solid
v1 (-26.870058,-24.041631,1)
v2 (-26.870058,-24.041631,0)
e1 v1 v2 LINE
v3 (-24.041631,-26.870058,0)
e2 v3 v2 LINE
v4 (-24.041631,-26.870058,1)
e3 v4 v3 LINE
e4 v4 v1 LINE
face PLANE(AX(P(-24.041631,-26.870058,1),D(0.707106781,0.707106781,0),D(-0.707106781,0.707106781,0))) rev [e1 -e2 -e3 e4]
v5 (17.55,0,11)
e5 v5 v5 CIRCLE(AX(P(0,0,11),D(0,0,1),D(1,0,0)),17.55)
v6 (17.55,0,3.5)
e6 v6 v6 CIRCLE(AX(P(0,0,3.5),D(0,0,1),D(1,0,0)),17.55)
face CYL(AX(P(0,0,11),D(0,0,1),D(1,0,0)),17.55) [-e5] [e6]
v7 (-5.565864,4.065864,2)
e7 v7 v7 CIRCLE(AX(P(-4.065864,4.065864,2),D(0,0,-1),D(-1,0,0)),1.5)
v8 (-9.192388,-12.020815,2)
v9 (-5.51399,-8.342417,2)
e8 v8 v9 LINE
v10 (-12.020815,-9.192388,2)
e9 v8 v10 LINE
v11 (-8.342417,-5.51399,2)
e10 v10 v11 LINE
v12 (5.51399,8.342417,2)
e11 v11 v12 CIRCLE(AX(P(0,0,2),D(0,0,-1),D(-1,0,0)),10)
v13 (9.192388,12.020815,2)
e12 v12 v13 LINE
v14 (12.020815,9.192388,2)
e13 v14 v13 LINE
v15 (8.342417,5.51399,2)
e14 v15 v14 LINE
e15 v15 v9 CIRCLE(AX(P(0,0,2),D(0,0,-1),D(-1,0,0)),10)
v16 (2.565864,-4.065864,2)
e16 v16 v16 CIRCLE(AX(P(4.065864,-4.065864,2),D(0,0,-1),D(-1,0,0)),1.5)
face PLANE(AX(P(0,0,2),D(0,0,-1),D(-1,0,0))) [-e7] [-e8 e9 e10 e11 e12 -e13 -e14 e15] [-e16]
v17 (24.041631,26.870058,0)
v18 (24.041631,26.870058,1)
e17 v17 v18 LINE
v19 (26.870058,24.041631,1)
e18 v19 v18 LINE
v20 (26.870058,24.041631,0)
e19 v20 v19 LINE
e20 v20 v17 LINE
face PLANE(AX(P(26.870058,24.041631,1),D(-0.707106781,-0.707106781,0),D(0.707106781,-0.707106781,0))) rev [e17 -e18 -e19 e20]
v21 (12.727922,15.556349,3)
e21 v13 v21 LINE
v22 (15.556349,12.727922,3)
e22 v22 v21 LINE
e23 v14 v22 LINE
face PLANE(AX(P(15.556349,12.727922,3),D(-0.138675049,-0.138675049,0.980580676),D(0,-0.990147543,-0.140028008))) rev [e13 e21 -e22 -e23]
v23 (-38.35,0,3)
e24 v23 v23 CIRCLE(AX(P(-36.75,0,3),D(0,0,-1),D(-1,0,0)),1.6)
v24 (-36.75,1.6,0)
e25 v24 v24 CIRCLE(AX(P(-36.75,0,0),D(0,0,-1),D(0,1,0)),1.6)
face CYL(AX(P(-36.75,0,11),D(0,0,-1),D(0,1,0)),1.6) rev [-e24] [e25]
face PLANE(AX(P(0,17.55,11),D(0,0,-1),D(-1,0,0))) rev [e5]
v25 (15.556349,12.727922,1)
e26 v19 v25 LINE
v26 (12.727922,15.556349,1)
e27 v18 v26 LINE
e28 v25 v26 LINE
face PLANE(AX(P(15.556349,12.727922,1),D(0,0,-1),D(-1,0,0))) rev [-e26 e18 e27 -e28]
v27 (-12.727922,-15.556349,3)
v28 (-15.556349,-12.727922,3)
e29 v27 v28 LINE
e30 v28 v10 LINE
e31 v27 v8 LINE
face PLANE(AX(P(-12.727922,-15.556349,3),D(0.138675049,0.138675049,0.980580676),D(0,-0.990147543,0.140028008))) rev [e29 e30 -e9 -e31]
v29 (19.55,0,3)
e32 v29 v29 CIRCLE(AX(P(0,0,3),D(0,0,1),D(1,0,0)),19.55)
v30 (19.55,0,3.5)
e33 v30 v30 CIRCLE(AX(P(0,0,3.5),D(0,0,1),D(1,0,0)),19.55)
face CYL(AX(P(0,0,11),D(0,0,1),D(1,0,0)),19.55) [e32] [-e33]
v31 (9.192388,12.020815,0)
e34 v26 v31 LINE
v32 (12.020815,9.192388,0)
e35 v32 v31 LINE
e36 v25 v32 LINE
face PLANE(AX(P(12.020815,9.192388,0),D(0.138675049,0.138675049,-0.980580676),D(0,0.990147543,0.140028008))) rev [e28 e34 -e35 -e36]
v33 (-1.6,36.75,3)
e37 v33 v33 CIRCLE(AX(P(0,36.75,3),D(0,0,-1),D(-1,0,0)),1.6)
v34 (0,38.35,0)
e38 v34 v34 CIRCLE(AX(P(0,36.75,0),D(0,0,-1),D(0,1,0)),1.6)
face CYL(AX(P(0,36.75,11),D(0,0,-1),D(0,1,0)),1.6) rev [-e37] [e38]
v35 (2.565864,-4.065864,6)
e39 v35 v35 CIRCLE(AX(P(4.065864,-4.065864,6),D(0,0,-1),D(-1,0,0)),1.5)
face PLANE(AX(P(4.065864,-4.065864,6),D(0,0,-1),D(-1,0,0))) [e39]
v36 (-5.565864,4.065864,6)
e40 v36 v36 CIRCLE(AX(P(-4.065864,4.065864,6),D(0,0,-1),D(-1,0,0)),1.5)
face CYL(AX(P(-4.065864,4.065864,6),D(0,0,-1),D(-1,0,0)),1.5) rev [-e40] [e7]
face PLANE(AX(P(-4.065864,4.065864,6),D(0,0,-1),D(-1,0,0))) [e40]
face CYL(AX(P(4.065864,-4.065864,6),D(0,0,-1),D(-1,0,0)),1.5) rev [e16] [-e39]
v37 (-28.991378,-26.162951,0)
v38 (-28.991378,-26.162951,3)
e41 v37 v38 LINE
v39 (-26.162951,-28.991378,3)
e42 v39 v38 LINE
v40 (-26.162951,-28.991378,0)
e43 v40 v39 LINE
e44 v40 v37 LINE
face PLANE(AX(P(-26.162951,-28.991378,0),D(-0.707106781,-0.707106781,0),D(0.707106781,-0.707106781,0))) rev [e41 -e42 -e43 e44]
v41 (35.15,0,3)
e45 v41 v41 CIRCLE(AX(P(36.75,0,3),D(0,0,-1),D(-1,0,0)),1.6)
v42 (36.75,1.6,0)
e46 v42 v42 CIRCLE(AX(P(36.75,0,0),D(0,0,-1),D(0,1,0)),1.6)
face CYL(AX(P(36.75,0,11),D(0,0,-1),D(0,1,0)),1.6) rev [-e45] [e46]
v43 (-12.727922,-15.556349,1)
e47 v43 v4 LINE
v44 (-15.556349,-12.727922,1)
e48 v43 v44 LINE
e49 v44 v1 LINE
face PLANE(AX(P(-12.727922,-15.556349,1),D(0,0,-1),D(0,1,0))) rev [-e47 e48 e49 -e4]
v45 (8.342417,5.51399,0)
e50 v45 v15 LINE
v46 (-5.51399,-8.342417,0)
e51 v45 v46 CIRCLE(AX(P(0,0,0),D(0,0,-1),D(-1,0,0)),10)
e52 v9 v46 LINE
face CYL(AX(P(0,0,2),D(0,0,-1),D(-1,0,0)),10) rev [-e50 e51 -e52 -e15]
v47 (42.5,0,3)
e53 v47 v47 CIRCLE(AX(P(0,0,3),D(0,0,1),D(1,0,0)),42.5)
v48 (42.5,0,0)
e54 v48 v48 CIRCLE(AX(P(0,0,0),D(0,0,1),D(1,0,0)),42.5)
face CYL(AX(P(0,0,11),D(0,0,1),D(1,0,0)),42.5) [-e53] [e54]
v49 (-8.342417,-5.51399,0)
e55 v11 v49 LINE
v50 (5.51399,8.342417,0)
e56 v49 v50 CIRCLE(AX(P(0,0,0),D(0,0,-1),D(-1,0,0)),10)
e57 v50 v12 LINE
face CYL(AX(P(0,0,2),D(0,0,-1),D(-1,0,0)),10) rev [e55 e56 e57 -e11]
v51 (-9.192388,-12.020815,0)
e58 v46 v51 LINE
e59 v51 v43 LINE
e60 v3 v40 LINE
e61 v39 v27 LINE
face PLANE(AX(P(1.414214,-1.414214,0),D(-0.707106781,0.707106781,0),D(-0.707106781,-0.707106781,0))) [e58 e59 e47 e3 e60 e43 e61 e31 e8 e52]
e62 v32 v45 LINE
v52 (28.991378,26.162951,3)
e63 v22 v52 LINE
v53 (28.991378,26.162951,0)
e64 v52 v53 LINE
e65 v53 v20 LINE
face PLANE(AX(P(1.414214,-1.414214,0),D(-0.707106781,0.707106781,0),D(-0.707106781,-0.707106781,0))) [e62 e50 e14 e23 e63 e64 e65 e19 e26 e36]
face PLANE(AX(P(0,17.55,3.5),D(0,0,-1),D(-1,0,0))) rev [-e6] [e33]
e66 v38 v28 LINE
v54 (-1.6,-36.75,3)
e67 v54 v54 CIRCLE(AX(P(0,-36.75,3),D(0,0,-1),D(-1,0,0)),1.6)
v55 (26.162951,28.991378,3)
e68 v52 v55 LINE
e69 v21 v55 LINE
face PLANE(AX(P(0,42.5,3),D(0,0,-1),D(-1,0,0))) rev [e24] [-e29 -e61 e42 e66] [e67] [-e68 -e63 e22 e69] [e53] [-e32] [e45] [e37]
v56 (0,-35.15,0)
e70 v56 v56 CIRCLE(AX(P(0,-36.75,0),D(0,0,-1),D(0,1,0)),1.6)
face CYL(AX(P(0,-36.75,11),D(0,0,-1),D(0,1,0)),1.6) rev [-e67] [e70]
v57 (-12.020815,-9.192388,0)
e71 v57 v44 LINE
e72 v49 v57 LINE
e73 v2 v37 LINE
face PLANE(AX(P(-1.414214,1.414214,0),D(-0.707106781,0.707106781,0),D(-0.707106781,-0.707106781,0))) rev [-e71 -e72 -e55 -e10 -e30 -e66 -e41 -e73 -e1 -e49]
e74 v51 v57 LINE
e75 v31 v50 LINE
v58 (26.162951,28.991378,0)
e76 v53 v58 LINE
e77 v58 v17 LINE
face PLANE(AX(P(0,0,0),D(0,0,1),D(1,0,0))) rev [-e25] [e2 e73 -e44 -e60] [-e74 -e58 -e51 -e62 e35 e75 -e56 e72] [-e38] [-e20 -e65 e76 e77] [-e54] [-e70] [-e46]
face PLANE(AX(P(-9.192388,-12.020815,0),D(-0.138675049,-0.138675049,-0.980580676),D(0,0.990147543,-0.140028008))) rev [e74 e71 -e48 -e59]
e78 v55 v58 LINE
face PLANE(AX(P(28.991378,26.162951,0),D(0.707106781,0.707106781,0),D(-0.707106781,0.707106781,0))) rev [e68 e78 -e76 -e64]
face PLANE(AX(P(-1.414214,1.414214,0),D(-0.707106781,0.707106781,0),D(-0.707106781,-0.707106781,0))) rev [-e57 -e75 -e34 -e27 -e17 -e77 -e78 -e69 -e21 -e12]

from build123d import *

# Parameters (mm, degrees)
SKETCH2_R           = 1.6
CUT_EXTRUDE1_DEPTH  = 62.102373113
SKETCH8_R           = 10
CUT_EXTRUDE6_DEPTH  = 2
SKETCH16_R          = 1.5
CUT_EXTRUDE7_DEPTH  = 4
CUT_EXTRUDE10_DEPTH = 2


with BuildPart() as part:
    # Sketch1 → Revolve1 (revolve)
    with BuildSketch(Plane(origin=(0, 0, 0), x_dir=(0, 0, -1), z_dir=(1, 0, 0)), mode=Mode.PRIVATE) as revolve1_sk:
        Polygon((0, 0), (0, 42.5), (-3, 42.5), (-3, 19.55), (-3.5, 19.55), (-3.5, 17.55), (-11, 17.55), (-11, 0), align=None)
    revolve(revolve1_sk.sketch.rotate(Axis((0, 0, 11), (0, 0, -1)), 90), axis=Axis((0, 0, 11), (0, 0, -1)))

    # Sketch2 → Cut-Extrude1 (cut, through all)
    with BuildSketch(Plane(origin=(0, 0, 0), x_dir=(-1, 0, 0), z_dir=(0, 0, -1))):
        with Locations(Location((0, 36.75, 0), (0, 0, 90))):
            Circle(SKETCH2_R)
        with Locations(Location((36.75, 0, 0), (0, 0, 90))):
            Circle(SKETCH2_R)
        with Locations(Location((0, -36.75, 0), (0, 0, 90))):
            Circle(SKETCH2_R)
        with Locations(Location((-36.75, 0, 0), (0, 0, 90))):
            Circle(SKETCH2_R)
    extrude(amount=-CUT_EXTRUDE1_DEPTH, mode=Mode.SUBTRACT)

    # Sketch8 → Cut-Extrude6 (cut)
    with BuildSketch(Plane(origin=(0, 0, 0), x_dir=(-1, 0, 0), z_dir=(0, 0, -1))):
        Circle(SKETCH8_R)
    extrude(amount=-CUT_EXTRUDE6_DEPTH, mode=Mode.SUBTRACT)

    # Sketch16 → Cut-Extrude7 (cut)
    with BuildSketch(Plane(origin=(0, 0, 2), x_dir=(-1, 0, 0), z_dir=(0, 0, -1))):
        with Locations((4.065863992, 4.065863992)):
            Circle(SKETCH16_R)
        with Locations((-4.065863992, -4.065863992)):
            Circle(SKETCH16_R)
    extrude(amount=-CUT_EXTRUDE7_DEPTH, mode=Mode.SUBTRACT)

    # Sketch19 → Cut-Extrude10 (cut, symmetric)
    with BuildSketch(Plane(origin=(0, 0, 0), x_dir=(0, 0, 1), z_dir=(-0.7071067811865487, 0.7071067811865465, 0))):
        Polygon((0, -15), (0, 15), (1, 20), (1, 36), (0, 36), (0, 39), (3, 39), (3, 20), (2, 15), (2, -15), (3, -20), (3, -39), (0, -39), (0, -36), (1, -36), (1, -20), align=None)
    extrude(amount=CUT_EXTRUDE10_DEPTH, both=True, mode=Mode.SUBTRACT)


solid = part.part
